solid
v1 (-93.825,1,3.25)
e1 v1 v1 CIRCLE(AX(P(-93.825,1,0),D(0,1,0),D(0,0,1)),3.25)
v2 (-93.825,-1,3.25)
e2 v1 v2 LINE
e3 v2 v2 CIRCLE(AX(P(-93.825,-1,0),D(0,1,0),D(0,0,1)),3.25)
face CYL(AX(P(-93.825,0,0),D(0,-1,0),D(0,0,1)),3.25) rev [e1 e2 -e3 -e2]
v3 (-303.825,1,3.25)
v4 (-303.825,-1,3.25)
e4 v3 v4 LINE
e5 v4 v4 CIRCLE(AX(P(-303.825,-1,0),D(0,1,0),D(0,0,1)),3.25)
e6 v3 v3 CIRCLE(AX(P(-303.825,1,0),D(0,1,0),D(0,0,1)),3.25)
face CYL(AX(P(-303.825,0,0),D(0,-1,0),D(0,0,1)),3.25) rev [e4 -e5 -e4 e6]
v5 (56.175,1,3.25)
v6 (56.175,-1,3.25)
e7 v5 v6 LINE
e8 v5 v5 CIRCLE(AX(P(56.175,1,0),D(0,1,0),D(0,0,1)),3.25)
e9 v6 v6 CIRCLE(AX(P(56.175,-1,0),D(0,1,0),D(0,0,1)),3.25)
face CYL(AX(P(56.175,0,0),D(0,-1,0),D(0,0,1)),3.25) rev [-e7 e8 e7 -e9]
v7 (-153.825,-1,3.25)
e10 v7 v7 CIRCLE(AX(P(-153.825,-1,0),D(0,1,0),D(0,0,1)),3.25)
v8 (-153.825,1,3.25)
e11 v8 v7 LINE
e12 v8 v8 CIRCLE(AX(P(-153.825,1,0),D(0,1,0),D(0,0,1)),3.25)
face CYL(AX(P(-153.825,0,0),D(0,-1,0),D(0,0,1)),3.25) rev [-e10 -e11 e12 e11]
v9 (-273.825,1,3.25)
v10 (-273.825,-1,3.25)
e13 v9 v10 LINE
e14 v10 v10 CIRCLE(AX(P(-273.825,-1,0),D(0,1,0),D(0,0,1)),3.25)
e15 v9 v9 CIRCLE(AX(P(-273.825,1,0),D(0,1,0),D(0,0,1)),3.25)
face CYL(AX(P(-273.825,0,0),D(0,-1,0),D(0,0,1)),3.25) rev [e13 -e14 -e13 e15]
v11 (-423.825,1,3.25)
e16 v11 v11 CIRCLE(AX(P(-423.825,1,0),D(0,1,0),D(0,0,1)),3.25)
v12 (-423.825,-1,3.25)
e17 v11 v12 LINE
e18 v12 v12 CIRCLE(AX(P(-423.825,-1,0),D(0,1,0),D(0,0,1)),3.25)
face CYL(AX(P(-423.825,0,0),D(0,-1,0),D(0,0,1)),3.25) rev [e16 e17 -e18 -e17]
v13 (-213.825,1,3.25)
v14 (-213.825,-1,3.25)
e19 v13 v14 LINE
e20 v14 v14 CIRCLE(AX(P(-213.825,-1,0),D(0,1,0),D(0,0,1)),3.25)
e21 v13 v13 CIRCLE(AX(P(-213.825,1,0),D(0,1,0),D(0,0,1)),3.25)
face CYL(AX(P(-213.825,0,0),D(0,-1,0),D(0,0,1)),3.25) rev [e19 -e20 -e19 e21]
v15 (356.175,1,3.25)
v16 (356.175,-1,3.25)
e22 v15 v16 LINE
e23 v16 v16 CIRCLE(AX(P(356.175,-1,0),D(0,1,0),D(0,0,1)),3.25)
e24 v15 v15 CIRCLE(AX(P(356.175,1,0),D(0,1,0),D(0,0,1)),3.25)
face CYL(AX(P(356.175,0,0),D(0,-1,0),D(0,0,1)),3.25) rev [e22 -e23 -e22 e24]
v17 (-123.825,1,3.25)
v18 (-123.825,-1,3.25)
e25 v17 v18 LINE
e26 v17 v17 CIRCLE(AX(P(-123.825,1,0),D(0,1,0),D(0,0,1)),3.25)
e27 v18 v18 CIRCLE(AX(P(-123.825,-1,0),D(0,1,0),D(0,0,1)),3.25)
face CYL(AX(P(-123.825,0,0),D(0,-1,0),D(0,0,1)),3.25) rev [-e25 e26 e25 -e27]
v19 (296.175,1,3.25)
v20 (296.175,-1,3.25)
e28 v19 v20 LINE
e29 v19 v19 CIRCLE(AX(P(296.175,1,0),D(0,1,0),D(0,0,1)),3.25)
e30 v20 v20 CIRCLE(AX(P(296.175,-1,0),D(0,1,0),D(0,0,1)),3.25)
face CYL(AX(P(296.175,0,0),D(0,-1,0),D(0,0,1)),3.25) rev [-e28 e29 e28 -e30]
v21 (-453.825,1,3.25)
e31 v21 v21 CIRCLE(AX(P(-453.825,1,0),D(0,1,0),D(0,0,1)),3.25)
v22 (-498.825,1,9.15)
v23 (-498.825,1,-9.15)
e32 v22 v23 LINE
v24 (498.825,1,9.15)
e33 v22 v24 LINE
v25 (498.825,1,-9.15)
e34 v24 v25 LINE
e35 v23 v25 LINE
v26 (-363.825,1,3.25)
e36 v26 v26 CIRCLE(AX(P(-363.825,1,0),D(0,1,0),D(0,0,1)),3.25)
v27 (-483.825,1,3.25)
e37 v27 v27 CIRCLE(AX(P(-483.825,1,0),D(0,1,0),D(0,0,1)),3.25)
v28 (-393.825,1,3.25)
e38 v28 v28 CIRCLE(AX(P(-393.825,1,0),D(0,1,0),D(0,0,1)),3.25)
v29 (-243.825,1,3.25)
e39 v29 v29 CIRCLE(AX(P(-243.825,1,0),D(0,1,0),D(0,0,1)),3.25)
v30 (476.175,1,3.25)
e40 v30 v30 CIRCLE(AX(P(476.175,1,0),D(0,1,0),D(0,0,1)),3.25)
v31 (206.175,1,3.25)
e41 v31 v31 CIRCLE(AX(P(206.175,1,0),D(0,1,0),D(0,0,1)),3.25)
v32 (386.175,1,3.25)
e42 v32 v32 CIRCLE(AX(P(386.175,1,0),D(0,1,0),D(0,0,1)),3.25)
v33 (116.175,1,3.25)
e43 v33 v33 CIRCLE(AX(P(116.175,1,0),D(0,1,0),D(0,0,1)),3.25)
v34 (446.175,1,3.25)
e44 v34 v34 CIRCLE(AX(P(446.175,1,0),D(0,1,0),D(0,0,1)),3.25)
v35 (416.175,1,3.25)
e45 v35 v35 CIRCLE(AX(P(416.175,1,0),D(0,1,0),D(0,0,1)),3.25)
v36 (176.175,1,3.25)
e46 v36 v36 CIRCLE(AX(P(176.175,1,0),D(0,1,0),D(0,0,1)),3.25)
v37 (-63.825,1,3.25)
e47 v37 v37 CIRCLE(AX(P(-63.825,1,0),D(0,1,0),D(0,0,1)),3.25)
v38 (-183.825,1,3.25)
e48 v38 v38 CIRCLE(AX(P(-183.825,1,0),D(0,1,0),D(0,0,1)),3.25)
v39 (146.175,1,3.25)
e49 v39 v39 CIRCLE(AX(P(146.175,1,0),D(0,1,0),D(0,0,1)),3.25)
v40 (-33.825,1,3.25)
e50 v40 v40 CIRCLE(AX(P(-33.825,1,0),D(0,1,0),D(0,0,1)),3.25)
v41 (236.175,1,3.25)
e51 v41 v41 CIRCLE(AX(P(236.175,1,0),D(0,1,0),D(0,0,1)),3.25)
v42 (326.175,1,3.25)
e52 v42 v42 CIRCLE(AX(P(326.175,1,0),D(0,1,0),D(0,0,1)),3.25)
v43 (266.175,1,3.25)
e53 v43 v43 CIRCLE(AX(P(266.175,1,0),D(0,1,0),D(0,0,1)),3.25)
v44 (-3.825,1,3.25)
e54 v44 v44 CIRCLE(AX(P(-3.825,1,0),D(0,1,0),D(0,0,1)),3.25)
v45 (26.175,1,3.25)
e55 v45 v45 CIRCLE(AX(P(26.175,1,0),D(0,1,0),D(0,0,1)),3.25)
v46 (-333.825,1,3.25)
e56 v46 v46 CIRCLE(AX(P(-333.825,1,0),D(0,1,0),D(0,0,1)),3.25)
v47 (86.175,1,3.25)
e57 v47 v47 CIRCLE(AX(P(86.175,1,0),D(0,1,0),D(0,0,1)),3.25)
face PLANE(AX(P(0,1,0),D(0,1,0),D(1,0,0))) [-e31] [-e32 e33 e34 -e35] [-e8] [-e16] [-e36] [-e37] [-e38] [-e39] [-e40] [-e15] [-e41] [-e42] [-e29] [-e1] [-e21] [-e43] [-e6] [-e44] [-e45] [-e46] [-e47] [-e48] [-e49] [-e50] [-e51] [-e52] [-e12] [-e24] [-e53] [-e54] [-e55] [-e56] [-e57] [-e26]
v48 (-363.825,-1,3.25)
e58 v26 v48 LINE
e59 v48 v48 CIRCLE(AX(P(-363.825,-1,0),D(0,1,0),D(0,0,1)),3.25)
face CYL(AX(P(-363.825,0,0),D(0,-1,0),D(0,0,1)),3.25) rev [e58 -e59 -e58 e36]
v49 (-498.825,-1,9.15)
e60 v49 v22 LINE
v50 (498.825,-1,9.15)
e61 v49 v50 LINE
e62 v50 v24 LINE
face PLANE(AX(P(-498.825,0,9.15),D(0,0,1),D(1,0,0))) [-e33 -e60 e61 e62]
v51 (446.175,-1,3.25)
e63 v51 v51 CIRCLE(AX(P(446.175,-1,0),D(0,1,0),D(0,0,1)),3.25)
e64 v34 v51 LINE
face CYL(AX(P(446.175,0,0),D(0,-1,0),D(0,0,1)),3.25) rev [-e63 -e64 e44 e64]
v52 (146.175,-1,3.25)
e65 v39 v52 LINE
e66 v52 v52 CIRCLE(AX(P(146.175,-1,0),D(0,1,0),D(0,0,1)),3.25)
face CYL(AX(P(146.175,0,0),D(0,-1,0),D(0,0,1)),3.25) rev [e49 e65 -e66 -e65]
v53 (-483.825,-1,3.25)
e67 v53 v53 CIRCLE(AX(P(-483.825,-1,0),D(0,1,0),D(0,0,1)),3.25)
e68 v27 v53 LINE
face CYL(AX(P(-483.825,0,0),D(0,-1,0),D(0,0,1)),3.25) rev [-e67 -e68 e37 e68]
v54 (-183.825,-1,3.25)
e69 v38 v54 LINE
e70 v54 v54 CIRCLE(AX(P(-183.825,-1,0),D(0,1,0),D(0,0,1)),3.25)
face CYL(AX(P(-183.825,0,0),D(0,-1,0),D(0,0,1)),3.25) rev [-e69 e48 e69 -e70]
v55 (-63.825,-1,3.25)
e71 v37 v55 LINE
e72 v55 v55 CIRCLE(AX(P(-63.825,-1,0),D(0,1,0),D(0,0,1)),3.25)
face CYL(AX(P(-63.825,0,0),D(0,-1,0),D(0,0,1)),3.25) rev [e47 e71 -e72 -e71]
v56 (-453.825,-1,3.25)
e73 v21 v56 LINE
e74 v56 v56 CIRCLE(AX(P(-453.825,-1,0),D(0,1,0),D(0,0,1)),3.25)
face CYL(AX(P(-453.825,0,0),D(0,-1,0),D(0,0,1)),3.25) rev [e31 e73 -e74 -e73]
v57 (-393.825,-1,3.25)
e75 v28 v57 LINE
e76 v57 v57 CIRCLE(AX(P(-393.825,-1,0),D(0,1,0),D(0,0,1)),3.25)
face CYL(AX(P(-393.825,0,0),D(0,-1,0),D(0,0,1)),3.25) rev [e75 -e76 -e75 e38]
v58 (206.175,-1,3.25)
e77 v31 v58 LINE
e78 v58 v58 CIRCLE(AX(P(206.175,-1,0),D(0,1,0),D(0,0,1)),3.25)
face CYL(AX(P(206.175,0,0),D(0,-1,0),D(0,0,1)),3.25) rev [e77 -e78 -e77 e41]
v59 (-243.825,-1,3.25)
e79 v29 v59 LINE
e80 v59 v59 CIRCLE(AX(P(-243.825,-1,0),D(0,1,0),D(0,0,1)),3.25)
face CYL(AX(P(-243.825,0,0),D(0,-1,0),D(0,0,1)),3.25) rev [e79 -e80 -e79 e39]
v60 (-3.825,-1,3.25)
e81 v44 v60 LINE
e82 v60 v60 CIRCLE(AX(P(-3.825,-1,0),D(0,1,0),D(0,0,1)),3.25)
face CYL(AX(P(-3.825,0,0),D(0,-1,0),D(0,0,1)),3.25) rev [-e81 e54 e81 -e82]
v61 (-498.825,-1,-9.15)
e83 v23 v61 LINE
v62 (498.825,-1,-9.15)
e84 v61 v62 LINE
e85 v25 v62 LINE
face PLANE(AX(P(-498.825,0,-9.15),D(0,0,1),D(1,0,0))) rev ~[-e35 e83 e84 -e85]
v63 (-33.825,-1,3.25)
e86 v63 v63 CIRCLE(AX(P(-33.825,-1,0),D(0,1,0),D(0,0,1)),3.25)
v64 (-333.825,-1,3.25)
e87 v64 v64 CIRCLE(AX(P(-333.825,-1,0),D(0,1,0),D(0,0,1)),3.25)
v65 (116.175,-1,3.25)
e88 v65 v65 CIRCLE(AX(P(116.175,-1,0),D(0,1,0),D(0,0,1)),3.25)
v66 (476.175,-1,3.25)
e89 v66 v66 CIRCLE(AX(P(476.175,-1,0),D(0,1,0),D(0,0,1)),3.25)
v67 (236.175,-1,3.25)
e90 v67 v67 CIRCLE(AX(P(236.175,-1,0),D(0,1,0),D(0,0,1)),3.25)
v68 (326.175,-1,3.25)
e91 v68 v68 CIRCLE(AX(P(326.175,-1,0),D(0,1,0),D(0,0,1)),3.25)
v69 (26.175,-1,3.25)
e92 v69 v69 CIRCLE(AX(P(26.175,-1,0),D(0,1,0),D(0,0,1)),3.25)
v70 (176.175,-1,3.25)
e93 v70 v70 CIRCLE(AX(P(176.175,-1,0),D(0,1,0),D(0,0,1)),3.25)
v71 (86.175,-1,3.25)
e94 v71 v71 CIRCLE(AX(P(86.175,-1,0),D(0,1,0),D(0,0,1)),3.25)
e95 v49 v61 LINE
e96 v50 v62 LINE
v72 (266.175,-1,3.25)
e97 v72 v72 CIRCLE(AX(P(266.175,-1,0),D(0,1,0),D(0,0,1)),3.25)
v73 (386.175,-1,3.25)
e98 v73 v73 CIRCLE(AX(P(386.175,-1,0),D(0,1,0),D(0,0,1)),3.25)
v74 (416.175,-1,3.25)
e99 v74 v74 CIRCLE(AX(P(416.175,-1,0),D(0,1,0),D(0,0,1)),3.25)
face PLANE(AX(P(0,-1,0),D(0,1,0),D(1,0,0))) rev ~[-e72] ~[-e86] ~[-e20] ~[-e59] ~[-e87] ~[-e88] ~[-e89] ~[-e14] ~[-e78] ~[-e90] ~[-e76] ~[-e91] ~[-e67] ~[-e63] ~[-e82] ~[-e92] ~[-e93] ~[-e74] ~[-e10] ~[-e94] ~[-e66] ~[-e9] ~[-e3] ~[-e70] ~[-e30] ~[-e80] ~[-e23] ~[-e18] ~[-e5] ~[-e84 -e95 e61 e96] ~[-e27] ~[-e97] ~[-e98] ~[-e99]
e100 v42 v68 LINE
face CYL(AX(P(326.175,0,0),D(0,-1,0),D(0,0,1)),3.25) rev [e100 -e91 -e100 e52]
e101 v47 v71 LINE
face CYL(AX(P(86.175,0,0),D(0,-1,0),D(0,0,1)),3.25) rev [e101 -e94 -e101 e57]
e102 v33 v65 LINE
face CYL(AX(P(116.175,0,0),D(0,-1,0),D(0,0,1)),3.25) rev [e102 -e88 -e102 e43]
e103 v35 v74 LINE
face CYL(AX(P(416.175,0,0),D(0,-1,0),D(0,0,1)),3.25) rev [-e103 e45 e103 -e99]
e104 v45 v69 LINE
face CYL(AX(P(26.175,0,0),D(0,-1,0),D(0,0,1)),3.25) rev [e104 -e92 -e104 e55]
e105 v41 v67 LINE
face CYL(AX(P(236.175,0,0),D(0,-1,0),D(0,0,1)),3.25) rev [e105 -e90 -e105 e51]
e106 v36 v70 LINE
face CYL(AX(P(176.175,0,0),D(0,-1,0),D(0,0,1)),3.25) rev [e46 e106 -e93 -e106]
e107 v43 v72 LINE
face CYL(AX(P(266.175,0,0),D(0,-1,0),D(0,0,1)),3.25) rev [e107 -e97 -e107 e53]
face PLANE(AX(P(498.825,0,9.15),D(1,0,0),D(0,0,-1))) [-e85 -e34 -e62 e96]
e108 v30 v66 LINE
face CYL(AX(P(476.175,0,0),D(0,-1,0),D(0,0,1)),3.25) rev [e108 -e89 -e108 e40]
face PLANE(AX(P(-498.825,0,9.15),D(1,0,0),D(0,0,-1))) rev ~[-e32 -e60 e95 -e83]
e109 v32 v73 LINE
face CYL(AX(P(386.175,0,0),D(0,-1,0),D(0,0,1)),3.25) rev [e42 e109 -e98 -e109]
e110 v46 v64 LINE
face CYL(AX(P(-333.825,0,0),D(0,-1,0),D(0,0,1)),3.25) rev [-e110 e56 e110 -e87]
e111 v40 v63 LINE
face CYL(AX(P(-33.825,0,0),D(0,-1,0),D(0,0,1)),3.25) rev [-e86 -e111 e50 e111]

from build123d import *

# Parameters (mm, degrees)
SKETCH1_W           = 997.65
SKETCH1_H           = 18.3
SKETCH1_R           = 3.25
BOSS_EXTRUDE1_DEPTH = 1


with BuildPart() as part:
    # Sketch1 → Boss-Extrude1 (new, symmetric)
    with BuildSketch(Plane(origin=(0, 0, 0), x_dir=(1, 0, 0), z_dir=(0, 1, 0))):
        Rectangle(SKETCH1_W, SKETCH1_H)
        with Locations(Location((-483.825, 0, 0), (0, 0, 270))):
            Circle(SKETCH1_R, mode=Mode.SUBTRACT)
        with Locations(Location((-453.825, 0, 0), (0, 0, 270))):
            Circle(SKETCH1_R, mode=Mode.SUBTRACT)
        with Locations(Location((-423.825, 0, 0), (0, 0, 270))):
            Circle(SKETCH1_R, mode=Mode.SUBTRACT)
        with Locations(Location((-393.825, 0, 0), (0, 0, 270))):
            Circle(SKETCH1_R, mode=Mode.SUBTRACT)
        with Locations(Location((-363.825, 0, 0), (0, 0, 270))):
            Circle(SKETCH1_R, mode=Mode.SUBTRACT)
        with Locations(Location((-333.825, 0, 0), (0, 0, 270))):
            Circle(SKETCH1_R, mode=Mode.SUBTRACT)
        with Locations(Location((-303.825, 0, 0), (0, 0, 270))):
            Circle(SKETCH1_R, mode=Mode.SUBTRACT)
        with Locations(Location((-273.825, 0, 0), (0, 0, 270))):
            Circle(SKETCH1_R, mode=Mode.SUBTRACT)
        with Locations(Location((-243.825, 0, 0), (0, 0, 270))):
            Circle(SKETCH1_R, mode=Mode.SUBTRACT)
        with Locations(Location((-213.825, 0, 0), (0, 0, 270))):
            Circle(SKETCH1_R, mode=Mode.SUBTRACT)
        with Locations(Location((-183.825, 0, 0), (0, 0, 270))):
            Circle(SKETCH1_R, mode=Mode.SUBTRACT)
        with Locations(Location((-153.825, 0, 0), (0, 0, 270))):
            Circle(SKETCH1_R, mode=Mode.SUBTRACT)
        with Locations(Location((-123.825, 0, 0), (0, 0, 270))):
            Circle(SKETCH1_R, mode=Mode.SUBTRACT)
        with Locations(Location((-93.825, 0, 0), (0, 0, 270))):
            Circle(SKETCH1_R, mode=Mode.SUBTRACT)
        with Locations(Location((-63.825, 0, 0), (0, 0, 270))):
            Circle(SKETCH1_R, mode=Mode.SUBTRACT)
        with Locations(Location((-33.825, 0, 0), (0, 0, 270))):
            Circle(SKETCH1_R, mode=Mode.SUBTRACT)
        with Locations(Location((-3.825, 0, 0), (0, 0, 270))):
            Circle(SKETCH1_R, mode=Mode.SUBTRACT)
        with Locations(Location((26.175, 0, 0), (0, 0, 270))):
            Circle(SKETCH1_R, mode=Mode.SUBTRACT)
        with Locations(Location((56.175, 0, 0), (0, 0, 270))):
            Circle(SKETCH1_R, mode=Mode.SUBTRACT)
        with Locations(Location((86.175, 0, 0), (0, 0, 270))):
            Circle(SKETCH1_R, mode=Mode.SUBTRACT)
        with Locations(Location((116.175, 0, 0), (0, 0, 270))):
            Circle(SKETCH1_R, mode=Mode.SUBTRACT)
        with Locations(Location((146.175, 0, 0), (0, 0, 270))):
            Circle(SKETCH1_R, mode=Mode.SUBTRACT)
        with Locations(Location((176.175, 0, 0), (0, 0, 270))):
            Circle(SKETCH1_R, mode=Mode.SUBTRACT)
        with Locations(Location((206.175, 0, 0), (0, 0, 270))):
            Circle(SKETCH1_R, mode=Mode.SUBTRACT)
        with Locations(Location((236.175, 0, 0), (0, 0, 270))):
            Circle(SKETCH1_R, mode=Mode.SUBTRACT)
        with Locations(Location((266.175, 0, 0), (0, 0, 270))):
            Circle(SKETCH1_R, mode=Mode.SUBTRACT)
        with Locations(Location((296.175, 0, 0), (0, 0, 270))):
            Circle(SKETCH1_R, mode=Mode.SUBTRACT)
        with Locations(Location((326.175, 0, 0), (0, 0, 270))):
            Circle(SKETCH1_R, mode=Mode.SUBTRACT)
        with Locations(Location((356.175, 0, 0), (0, 0, 270))):
            Circle(SKETCH1_R, mode=Mode.SUBTRACT)
        with Locations(Location((386.175, 0, 0), (0, 0, 270))):
            Circle(SKETCH1_R, mode=Mode.SUBTRACT)
        with Locations(Location((416.175, 0, 0), (0, 0, 270))):
            Circle(SKETCH1_R, mode=Mode.SUBTRACT)
        with Locations(Location((446.175, 0, 0), (0, 0, 270))):
            Circle(SKETCH1_R, mode=Mode.SUBTRACT)
        with Locations(Location((476.175, 0, 0), (0, 0, 270))):
            Circle(SKETCH1_R, mode=Mode.SUBTRACT)
    extrude(amount=BOSS_EXTRUDE1_DEPTH, both=True)


solid = part.part
